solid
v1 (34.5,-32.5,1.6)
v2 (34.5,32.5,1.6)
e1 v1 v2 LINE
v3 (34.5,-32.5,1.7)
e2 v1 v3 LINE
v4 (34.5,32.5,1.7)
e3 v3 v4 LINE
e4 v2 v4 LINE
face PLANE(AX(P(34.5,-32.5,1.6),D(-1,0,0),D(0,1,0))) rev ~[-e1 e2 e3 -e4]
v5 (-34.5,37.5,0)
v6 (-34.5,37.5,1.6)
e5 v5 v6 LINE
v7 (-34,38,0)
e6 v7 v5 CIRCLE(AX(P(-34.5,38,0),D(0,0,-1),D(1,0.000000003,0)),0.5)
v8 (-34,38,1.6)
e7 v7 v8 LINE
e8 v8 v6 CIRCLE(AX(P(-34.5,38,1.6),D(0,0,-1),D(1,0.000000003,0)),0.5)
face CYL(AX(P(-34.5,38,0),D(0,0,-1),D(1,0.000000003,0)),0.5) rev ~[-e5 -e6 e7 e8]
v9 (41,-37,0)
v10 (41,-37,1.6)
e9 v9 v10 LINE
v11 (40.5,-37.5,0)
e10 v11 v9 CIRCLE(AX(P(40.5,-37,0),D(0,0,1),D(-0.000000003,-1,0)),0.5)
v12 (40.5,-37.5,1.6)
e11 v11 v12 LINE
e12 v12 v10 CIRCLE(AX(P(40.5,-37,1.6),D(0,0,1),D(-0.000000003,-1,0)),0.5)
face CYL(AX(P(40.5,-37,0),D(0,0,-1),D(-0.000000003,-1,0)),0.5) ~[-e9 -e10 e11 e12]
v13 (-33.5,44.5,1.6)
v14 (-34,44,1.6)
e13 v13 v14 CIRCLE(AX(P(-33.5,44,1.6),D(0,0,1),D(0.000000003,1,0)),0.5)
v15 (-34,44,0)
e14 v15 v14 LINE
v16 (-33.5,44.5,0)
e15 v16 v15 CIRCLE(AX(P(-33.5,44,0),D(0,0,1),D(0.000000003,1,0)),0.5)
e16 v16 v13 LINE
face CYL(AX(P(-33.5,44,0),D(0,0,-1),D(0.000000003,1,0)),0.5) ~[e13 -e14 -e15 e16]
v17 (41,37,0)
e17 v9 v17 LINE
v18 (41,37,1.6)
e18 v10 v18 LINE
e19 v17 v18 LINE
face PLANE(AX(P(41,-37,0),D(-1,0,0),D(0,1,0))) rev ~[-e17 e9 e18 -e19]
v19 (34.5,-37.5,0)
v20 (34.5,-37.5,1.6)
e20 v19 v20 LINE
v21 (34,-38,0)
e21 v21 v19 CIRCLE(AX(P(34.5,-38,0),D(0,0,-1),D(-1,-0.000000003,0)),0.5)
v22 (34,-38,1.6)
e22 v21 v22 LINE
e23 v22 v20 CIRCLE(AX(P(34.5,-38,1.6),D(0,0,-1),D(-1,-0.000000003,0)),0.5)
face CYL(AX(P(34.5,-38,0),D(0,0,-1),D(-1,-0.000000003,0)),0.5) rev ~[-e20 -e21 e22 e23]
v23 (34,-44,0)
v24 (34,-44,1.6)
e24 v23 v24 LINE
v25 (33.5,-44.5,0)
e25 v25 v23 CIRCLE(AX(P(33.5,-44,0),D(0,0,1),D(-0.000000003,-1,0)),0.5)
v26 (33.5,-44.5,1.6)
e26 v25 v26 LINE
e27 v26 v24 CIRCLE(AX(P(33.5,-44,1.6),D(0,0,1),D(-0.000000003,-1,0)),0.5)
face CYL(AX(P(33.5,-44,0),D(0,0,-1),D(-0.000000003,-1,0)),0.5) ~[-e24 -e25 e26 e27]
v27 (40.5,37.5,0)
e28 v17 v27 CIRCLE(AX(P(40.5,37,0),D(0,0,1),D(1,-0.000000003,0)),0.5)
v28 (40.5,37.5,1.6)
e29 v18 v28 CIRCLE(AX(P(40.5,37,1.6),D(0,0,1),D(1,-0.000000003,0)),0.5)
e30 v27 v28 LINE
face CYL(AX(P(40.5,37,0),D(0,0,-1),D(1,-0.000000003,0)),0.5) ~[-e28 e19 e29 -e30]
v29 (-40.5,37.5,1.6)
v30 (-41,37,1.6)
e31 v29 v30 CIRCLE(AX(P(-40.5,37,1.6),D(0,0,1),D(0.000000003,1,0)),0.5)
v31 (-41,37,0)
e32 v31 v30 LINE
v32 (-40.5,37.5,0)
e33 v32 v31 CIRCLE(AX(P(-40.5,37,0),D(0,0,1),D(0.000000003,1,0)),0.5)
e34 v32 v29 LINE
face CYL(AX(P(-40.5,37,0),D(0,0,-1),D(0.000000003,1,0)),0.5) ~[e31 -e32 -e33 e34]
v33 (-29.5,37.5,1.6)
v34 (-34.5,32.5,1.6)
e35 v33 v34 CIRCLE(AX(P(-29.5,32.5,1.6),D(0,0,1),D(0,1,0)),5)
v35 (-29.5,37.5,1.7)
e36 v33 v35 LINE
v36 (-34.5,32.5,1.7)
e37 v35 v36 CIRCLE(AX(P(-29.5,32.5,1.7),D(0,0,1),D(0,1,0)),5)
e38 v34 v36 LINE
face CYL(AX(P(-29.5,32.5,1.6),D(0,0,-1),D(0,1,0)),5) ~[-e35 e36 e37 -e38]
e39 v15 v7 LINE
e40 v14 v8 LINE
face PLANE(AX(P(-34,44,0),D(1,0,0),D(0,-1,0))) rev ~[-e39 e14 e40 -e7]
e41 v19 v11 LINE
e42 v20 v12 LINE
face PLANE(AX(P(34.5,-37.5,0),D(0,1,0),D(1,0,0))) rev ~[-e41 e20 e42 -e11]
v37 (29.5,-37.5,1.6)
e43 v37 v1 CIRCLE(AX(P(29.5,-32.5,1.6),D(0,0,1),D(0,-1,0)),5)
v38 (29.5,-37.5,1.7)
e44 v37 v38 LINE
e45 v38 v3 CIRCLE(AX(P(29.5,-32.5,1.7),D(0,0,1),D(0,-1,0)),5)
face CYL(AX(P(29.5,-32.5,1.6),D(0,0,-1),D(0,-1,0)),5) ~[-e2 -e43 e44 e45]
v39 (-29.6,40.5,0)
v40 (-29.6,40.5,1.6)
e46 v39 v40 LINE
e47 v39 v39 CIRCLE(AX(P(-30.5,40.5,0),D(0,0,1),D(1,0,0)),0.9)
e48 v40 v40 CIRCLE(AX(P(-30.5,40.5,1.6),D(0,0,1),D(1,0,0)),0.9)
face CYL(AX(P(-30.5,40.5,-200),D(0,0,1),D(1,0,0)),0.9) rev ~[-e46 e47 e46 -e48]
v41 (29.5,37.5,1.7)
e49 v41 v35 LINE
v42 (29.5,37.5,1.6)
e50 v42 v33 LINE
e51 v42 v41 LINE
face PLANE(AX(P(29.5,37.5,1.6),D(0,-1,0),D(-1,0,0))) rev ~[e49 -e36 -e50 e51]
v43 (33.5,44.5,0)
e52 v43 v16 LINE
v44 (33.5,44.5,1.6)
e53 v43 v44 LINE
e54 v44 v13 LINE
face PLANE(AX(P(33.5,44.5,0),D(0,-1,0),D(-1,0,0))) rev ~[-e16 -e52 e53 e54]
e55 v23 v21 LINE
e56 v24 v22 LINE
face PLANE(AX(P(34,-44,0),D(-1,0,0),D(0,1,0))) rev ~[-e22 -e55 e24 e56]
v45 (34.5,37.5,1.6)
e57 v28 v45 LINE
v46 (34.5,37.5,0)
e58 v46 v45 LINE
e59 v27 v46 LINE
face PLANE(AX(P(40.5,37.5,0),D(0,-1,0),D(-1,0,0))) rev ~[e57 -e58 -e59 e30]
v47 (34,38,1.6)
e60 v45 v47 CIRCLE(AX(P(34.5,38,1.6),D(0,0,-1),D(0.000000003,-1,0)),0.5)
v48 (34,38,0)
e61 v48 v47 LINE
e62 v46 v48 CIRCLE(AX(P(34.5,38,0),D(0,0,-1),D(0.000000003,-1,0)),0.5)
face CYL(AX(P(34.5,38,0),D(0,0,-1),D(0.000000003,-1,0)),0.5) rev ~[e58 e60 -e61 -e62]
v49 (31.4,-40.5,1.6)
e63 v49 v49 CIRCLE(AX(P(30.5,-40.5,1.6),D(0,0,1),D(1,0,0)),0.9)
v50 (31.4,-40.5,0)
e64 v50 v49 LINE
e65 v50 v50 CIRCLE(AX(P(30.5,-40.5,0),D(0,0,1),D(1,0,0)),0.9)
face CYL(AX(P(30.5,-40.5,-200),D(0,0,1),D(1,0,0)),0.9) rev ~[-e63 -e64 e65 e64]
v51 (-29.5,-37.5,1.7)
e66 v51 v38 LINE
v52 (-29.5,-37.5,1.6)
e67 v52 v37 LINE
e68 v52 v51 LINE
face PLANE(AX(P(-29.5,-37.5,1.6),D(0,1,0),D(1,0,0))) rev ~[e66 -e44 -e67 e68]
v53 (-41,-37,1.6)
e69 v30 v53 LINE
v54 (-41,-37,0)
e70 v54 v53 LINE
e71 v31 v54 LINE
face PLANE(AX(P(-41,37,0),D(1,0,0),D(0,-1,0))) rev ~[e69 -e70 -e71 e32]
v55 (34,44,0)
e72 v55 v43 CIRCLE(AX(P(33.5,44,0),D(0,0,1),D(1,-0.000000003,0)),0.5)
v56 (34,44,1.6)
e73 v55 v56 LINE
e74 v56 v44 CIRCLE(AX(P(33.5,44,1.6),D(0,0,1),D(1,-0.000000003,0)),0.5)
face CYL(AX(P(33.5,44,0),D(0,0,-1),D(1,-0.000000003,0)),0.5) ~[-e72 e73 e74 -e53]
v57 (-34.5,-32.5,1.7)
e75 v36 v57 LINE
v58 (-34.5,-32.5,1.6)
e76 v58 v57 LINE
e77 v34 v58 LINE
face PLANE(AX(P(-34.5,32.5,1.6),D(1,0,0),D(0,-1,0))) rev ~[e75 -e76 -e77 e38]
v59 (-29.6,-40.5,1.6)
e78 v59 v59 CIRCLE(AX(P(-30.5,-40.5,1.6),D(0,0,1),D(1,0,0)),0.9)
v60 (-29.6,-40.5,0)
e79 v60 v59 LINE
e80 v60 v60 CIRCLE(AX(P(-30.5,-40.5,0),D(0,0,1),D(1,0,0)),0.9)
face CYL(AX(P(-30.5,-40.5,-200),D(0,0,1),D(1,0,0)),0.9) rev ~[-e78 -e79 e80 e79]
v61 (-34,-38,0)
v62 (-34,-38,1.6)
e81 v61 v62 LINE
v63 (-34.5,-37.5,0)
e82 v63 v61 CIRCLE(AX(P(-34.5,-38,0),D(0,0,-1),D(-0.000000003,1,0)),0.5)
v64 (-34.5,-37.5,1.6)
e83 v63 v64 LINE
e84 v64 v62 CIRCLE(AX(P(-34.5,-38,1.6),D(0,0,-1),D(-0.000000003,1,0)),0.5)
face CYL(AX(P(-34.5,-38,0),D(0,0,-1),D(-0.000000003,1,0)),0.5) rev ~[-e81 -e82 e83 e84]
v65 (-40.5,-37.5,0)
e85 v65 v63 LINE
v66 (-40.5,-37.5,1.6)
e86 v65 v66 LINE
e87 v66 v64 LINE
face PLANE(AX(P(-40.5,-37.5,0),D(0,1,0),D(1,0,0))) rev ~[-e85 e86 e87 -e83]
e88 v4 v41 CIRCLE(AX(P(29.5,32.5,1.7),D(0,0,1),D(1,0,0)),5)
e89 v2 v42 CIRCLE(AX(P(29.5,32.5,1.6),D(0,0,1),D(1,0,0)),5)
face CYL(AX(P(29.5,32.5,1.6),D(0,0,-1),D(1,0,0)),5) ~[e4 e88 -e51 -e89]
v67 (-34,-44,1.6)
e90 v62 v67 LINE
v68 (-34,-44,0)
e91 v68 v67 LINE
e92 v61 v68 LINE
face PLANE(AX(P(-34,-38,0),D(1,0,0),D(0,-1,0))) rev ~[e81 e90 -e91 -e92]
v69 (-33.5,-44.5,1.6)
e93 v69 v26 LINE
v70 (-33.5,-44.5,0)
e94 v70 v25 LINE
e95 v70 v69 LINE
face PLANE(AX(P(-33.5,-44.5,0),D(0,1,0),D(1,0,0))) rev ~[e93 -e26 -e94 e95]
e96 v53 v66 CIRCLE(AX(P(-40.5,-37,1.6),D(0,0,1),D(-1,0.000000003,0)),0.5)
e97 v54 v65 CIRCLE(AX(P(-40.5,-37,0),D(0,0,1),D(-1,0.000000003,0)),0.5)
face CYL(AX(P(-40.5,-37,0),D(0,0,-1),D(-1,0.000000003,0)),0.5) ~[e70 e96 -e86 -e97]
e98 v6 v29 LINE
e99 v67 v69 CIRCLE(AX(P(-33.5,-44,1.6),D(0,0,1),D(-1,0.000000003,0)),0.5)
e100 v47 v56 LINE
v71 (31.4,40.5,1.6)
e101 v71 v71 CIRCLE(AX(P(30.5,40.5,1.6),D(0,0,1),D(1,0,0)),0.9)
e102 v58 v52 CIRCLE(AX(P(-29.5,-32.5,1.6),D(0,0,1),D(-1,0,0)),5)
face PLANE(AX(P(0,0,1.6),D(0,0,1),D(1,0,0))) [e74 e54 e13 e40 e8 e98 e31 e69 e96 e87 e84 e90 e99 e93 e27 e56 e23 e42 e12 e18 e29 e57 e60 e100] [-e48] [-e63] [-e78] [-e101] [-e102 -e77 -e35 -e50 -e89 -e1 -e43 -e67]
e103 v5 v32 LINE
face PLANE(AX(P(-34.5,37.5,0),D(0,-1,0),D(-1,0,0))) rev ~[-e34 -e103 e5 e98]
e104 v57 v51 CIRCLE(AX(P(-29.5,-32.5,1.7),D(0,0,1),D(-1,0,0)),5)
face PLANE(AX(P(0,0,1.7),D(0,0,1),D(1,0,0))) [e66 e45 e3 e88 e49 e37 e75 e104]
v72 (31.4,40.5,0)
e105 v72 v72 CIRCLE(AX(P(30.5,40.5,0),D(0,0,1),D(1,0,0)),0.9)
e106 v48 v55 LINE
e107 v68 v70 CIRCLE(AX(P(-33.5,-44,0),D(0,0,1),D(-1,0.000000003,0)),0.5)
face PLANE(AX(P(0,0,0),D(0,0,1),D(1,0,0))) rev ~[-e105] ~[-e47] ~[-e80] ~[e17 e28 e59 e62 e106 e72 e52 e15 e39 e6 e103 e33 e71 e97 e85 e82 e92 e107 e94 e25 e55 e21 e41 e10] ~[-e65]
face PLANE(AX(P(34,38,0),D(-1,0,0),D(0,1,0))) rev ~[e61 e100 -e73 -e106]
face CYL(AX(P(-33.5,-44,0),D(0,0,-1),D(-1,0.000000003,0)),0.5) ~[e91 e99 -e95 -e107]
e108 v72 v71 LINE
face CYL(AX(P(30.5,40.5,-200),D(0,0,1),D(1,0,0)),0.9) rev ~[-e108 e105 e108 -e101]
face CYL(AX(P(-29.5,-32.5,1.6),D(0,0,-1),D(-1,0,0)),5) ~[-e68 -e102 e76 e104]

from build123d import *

# Parameters (mm, degrees)
BOSS_EXTRUDE1_DEPTH              = 1.6
BOSS_EXTRUDE2_DEPTH              = 0.1
M1_6_HOLE1_FIXINGSTRUCTURE_D     = 1.8
M1_6_HOLE1_FIXINGSTRUCTURE_DEPTH = 200
M1_6_HOLE1_FIXINGSTRUCTURE_TIP   = 0.540774557


with BuildPart() as part:
    # Sketch1 → Boss-Extrude1 (new body)
    with BuildSketch(Plane.XY):
        with BuildLine():
            Line((-34, 44), (-34, 38))
            ThreePointArc((-34, 38), (-34.146446609, 37.646446609), (-34.5, 37.5))
            Line((-34.5, 37.5), (-40.5, 37.5))
            ThreePointArc((-40.5, 37.5), (-40.853553391, 37.353553391), (-41, 37))
            Line((-41, 37), (-41, -37))
            ThreePointArc((-41, -37), (-40.853553391, -37.353553391), (-40.5, -37.5))
            Line((-40.5, -37.5), (-34.5, -37.5))
            ThreePointArc((-34.5, -37.5), (-34.146446609, -37.646446609), (-34, -38))
            Line((-34, -38), (-34, -44))
            ThreePointArc((-34, -44), (-33.853553391, -44.353553391), (-33.5, -44.5))
            Line((-33.5, -44.5), (33.5, -44.5))
            ThreePointArc((33.5, -44.5), (33.853553391, -44.353553391), (34, -44))
            Line((34, -44), (34, -38))
            ThreePointArc((34, -38), (34.146446609, -37.646446609), (34.5, -37.5))
            Line((34.5, -37.5), (40.5, -37.5))
            ThreePointArc((40.5, -37.5), (40.853553391, -37.353553391), (41, -37))
            Line((41, -37), (41, 37))
            ThreePointArc((41, 37), (40.853553391, 37.353553391), (40.5, 37.5))
            Line((40.5, 37.5), (34.5, 37.5))
            ThreePointArc((34.5, 37.5), (34.146446609, 37.646446609), (34, 38))
            Line((34, 38), (34, 44))
            ThreePointArc((34, 44), (33.853553391, 44.353553391), (33.5, 44.5))
            Line((33.5, 44.5), (-33.5, 44.5))
            ThreePointArc((-33.5, 44.5), (-33.853553391, 44.353553391), (-34, 44))
        make_face()
    extrude(amount=BOSS_EXTRUDE1_DEPTH)

    # Esboço1 → Boss-Extrude2 (add)
    with BuildSketch(Plane.XY.offset(1.6)):
        with BuildLine():
            Line((-29.5, -37.5), (29.5, -37.5))
            ThreePointArc((29.5, -37.5), (33.035533906, -36.035533906), (34.5, -32.5))
            Line((34.5, -32.5), (34.5, 32.5))
            ThreePointArc((34.5, 32.5), (33.035533906, 36.035533906), (29.5, 37.5))
            Line((29.5, 37.5), (-29.5, 37.5))
            ThreePointArc((-29.5, 37.5), (-33.035533906, 36.035533906), (-34.5, 32.5))
            Line((-34.5, 32.5), (-34.5, -32.5))
            ThreePointArc((-34.5, -32.5), (-33.035533906, -36.035533906), (-29.5, -37.5))
        make_face()
    extrude(amount=BOSS_EXTRUDE2_DEPTH)

    # M1.6 Hole1-FixingStructure
    with Locations(Plane(origin=(0, 0, 0), x_dir=(-1, 0, 0), z_dir=(0, 0, -1))):
        with Locations((-30.5, 40.5), (30.5, 40.5), (-30.5, -40.5), (30.5, -40.5)):
            Hole(M1_6_HOLE1_FIXINGSTRUCTURE_D / 2, depth=M1_6_HOLE1_FIXINGSTRUCTURE_DEPTH)
            with Locations((0, 0, -(M1_6_HOLE1_FIXINGSTRUCTURE_DEPTH + M1_6_HOLE1_FIXINGSTRUCTURE_TIP / 2))):  # 118° drill point
                Cone(0, M1_6_HOLE1_FIXINGSTRUCTURE_D / 2, M1_6_HOLE1_FIXINGSTRUCTURE_TIP, mode=Mode.SUBTRACT)


solid = part.part
